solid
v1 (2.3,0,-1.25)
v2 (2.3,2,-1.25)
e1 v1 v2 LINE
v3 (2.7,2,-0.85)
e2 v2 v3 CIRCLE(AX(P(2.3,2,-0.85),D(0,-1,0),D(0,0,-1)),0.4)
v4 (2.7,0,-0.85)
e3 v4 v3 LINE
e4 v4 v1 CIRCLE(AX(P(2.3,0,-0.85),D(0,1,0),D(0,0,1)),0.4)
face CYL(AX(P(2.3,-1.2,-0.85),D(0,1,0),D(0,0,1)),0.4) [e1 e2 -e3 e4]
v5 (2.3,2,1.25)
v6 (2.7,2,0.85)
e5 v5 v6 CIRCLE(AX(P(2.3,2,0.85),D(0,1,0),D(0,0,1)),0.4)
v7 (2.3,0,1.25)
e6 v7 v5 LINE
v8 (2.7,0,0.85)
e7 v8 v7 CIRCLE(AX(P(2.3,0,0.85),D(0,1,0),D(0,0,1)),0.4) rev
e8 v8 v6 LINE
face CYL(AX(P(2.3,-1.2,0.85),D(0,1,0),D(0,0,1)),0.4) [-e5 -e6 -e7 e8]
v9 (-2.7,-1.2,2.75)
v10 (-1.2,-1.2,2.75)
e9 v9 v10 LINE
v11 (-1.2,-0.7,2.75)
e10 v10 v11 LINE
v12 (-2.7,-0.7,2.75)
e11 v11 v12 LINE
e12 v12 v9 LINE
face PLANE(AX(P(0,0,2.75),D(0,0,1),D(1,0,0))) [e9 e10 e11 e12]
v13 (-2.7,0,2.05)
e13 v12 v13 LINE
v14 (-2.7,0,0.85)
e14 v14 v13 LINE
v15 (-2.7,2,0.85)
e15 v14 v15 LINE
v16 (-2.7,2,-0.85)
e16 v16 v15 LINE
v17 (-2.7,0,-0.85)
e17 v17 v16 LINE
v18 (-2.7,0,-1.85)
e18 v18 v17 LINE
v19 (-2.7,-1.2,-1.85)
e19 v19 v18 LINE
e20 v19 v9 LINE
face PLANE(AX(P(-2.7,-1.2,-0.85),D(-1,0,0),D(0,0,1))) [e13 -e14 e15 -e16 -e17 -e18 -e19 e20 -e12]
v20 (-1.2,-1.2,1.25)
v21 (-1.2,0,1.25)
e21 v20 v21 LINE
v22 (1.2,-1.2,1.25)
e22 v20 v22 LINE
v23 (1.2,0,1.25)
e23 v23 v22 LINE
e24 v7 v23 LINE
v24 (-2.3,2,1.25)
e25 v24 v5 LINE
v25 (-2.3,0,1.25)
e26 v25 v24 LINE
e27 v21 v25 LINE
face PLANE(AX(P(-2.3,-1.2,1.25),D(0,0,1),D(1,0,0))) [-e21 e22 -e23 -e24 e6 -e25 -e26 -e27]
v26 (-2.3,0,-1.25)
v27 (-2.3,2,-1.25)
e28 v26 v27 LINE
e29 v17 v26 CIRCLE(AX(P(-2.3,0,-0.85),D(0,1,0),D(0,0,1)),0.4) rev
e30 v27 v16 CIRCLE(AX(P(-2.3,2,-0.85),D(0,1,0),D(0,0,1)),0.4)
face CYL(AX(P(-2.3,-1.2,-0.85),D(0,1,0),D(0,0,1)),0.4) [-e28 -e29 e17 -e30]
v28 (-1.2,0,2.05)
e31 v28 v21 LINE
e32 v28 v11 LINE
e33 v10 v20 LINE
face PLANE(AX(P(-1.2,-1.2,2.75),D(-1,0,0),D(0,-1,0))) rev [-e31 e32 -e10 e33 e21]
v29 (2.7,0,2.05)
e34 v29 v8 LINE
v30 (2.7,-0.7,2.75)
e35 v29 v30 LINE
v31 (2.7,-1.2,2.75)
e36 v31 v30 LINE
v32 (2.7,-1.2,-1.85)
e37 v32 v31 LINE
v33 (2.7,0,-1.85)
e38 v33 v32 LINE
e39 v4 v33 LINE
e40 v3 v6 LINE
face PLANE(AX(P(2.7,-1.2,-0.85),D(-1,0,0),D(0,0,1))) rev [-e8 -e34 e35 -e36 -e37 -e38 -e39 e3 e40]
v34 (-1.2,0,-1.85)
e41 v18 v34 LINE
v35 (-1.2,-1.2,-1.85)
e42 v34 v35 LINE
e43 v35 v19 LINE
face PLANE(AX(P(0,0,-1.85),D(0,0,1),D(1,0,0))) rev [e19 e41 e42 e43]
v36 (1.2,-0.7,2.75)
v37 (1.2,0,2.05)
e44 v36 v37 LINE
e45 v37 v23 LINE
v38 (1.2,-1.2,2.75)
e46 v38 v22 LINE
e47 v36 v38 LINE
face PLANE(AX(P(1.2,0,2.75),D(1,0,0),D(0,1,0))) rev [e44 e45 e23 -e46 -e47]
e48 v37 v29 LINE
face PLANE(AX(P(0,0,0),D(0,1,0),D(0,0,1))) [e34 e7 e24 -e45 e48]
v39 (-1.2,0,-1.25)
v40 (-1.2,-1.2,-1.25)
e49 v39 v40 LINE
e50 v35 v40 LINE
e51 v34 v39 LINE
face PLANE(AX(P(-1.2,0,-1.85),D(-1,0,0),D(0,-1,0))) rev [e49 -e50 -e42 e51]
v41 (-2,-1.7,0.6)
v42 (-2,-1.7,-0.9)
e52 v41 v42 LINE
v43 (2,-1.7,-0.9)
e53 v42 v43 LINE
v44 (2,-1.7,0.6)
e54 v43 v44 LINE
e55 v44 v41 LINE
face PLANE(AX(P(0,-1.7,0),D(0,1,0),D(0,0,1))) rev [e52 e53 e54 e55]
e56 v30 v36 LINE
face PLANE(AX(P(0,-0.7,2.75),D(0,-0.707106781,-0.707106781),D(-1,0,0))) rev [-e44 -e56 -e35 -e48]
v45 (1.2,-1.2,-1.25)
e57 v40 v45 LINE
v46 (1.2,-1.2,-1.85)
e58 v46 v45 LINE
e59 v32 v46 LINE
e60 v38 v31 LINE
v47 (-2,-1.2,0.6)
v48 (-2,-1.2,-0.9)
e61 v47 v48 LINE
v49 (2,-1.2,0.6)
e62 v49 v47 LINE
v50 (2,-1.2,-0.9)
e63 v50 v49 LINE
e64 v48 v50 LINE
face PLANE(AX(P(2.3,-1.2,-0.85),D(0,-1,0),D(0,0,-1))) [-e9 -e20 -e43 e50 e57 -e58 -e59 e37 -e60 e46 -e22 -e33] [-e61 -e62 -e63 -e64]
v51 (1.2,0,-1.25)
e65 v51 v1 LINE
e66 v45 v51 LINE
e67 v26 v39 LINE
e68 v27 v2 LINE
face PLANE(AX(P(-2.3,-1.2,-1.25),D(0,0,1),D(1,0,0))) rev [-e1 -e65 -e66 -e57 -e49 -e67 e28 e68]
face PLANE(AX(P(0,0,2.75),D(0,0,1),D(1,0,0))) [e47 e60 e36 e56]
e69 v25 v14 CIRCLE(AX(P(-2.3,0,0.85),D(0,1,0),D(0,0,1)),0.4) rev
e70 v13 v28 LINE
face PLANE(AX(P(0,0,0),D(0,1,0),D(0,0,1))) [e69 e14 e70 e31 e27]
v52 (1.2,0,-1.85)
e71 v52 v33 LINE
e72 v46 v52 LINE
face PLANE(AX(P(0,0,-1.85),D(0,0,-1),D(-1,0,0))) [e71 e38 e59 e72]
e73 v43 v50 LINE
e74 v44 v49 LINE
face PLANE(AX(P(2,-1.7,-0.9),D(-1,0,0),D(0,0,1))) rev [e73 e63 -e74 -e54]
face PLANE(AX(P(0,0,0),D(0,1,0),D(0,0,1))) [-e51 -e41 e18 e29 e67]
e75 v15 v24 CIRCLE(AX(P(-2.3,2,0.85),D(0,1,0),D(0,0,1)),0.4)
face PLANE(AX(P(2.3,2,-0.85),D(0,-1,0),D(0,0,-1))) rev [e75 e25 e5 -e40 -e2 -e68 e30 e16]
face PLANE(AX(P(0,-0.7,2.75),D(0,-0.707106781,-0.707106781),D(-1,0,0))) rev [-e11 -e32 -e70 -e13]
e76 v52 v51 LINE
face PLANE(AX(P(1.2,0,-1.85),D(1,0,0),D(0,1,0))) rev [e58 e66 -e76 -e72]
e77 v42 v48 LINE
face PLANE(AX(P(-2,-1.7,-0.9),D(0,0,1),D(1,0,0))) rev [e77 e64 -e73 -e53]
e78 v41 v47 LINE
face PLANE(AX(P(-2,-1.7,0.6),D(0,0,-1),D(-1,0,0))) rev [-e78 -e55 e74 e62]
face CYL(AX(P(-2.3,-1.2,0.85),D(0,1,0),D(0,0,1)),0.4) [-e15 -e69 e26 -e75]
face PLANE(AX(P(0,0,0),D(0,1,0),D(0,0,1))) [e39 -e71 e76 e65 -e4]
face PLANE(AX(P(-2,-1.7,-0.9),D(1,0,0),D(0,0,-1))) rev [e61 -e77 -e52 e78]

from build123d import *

# Parameters (mm, degrees)
EXTRUDE_3_DEPTH      = 2
EXTRUDE_3_DEPTH_BACK = 1.2
SKETCH_2_W           = 5.4
SKETCH_2_H           = 2.5
EXTRUDE_4_DEPTH      = 1.2
SKETCH_5_W           = 4
SKETCH_5_H           = 1.5
EXTRUDE_7_DEPTH      = 0.5
SKETCH_6_W           = 1.5
SKETCH_6_H           = 1.2
EXTRUDE_8_DEPTH      = 0.6
SKETCH_7_W           = 1.5
SKETCH_7_H           = 1.2
EXTRUDE_9_DEPTH      = 1.5
CHAMFER_2_SIZE       = 0.7


with BuildPart() as part:
    # 草图1 → 凸台-拉伸3 (new, two sides: drawn at the far end of the back side and taken through both)
    with BuildSketch(Plane(origin=(0, 0, 0), x_dir=(1, 0, 0), z_dir=(0, 1, 0)).offset(-EXTRUDE_3_DEPTH_BACK)):
        with BuildLine():
            Line((-2.7, 0.85), (-2.7, -0.85))
            ThreePointArc((-2.7, -0.85), (-2.582842712, -1.132842712), (-2.3, -1.25))
            Line((-2.3, -1.25), (2.3, -1.25))
            ThreePointArc((2.3, -1.25), (2.582842712, -1.132842712), (2.7, -0.85))
            Line((2.7, -0.85), (2.7, 0.85))
            ThreePointArc((2.7, 0.85), (2.582842712, 1.132842712), (2.3, 1.25))
            Line((2.3, 1.25), (-2.3, 1.25))
            ThreePointArc((-2.3, 1.25), (-2.582842712, 1.132842712), (-2.7, 0.85))
        make_face()
    extrude(amount=EXTRUDE_3_DEPTH + EXTRUDE_3_DEPTH_BACK)

    # 草图2 → 凸台-拉伸4 (add)
    with BuildSketch(Plane(origin=(0, 0, 0), x_dir=(1, 0, 0), z_dir=(0, 1, 0))):
        Rectangle(SKETCH_2_W, SKETCH_2_H)
    extrude(amount=-EXTRUDE_4_DEPTH)

    # 草图5 → 凸台-拉伸7 (add)
    with BuildSketch(Plane(origin=(0, -1.2, 0), x_dir=(-1, 0, 0), z_dir=(0, -1, 0))):
        with Locations((0, 0.15)):
            Rectangle(SKETCH_5_W, SKETCH_5_H)
    extrude(amount=EXTRUDE_7_DEPTH)

    # 草图6 → 凸台-拉伸8 (add)
    with BuildSketch(Plane(origin=(0, 0, -1.25), x_dir=(-1, 0, 0), z_dir=(0, 0, -1))):
        with Locations((1.95, -0.6)):
            Rectangle(SKETCH_6_W, SKETCH_6_H)
        with Locations((-1.95, -0.6)):
            Rectangle(SKETCH_6_W, SKETCH_6_H)
    extrude(amount=EXTRUDE_8_DEPTH)

    # 草图7 → 凸台-拉伸9 (add)
    with BuildSketch(Plane.XY.offset(1.25)):
        with Locations((1.95, -0.6)):
            Rectangle(SKETCH_7_W, SKETCH_7_H)
        with Locations((-1.95, -0.6)):
            Rectangle(SKETCH_7_W, SKETCH_7_H)
    extrude(amount=EXTRUDE_9_DEPTH)

    # 倒角2
    chamfer_2_edges = [part.edges().sort_by_distance(p)[0] for p in [
        (1.95, 0, 2.75),
        (-1.95, 0, 2.75),
    ]]
    chamfer(chamfer_2_edges, length=CHAMFER_2_SIZE)


solid = part.part
